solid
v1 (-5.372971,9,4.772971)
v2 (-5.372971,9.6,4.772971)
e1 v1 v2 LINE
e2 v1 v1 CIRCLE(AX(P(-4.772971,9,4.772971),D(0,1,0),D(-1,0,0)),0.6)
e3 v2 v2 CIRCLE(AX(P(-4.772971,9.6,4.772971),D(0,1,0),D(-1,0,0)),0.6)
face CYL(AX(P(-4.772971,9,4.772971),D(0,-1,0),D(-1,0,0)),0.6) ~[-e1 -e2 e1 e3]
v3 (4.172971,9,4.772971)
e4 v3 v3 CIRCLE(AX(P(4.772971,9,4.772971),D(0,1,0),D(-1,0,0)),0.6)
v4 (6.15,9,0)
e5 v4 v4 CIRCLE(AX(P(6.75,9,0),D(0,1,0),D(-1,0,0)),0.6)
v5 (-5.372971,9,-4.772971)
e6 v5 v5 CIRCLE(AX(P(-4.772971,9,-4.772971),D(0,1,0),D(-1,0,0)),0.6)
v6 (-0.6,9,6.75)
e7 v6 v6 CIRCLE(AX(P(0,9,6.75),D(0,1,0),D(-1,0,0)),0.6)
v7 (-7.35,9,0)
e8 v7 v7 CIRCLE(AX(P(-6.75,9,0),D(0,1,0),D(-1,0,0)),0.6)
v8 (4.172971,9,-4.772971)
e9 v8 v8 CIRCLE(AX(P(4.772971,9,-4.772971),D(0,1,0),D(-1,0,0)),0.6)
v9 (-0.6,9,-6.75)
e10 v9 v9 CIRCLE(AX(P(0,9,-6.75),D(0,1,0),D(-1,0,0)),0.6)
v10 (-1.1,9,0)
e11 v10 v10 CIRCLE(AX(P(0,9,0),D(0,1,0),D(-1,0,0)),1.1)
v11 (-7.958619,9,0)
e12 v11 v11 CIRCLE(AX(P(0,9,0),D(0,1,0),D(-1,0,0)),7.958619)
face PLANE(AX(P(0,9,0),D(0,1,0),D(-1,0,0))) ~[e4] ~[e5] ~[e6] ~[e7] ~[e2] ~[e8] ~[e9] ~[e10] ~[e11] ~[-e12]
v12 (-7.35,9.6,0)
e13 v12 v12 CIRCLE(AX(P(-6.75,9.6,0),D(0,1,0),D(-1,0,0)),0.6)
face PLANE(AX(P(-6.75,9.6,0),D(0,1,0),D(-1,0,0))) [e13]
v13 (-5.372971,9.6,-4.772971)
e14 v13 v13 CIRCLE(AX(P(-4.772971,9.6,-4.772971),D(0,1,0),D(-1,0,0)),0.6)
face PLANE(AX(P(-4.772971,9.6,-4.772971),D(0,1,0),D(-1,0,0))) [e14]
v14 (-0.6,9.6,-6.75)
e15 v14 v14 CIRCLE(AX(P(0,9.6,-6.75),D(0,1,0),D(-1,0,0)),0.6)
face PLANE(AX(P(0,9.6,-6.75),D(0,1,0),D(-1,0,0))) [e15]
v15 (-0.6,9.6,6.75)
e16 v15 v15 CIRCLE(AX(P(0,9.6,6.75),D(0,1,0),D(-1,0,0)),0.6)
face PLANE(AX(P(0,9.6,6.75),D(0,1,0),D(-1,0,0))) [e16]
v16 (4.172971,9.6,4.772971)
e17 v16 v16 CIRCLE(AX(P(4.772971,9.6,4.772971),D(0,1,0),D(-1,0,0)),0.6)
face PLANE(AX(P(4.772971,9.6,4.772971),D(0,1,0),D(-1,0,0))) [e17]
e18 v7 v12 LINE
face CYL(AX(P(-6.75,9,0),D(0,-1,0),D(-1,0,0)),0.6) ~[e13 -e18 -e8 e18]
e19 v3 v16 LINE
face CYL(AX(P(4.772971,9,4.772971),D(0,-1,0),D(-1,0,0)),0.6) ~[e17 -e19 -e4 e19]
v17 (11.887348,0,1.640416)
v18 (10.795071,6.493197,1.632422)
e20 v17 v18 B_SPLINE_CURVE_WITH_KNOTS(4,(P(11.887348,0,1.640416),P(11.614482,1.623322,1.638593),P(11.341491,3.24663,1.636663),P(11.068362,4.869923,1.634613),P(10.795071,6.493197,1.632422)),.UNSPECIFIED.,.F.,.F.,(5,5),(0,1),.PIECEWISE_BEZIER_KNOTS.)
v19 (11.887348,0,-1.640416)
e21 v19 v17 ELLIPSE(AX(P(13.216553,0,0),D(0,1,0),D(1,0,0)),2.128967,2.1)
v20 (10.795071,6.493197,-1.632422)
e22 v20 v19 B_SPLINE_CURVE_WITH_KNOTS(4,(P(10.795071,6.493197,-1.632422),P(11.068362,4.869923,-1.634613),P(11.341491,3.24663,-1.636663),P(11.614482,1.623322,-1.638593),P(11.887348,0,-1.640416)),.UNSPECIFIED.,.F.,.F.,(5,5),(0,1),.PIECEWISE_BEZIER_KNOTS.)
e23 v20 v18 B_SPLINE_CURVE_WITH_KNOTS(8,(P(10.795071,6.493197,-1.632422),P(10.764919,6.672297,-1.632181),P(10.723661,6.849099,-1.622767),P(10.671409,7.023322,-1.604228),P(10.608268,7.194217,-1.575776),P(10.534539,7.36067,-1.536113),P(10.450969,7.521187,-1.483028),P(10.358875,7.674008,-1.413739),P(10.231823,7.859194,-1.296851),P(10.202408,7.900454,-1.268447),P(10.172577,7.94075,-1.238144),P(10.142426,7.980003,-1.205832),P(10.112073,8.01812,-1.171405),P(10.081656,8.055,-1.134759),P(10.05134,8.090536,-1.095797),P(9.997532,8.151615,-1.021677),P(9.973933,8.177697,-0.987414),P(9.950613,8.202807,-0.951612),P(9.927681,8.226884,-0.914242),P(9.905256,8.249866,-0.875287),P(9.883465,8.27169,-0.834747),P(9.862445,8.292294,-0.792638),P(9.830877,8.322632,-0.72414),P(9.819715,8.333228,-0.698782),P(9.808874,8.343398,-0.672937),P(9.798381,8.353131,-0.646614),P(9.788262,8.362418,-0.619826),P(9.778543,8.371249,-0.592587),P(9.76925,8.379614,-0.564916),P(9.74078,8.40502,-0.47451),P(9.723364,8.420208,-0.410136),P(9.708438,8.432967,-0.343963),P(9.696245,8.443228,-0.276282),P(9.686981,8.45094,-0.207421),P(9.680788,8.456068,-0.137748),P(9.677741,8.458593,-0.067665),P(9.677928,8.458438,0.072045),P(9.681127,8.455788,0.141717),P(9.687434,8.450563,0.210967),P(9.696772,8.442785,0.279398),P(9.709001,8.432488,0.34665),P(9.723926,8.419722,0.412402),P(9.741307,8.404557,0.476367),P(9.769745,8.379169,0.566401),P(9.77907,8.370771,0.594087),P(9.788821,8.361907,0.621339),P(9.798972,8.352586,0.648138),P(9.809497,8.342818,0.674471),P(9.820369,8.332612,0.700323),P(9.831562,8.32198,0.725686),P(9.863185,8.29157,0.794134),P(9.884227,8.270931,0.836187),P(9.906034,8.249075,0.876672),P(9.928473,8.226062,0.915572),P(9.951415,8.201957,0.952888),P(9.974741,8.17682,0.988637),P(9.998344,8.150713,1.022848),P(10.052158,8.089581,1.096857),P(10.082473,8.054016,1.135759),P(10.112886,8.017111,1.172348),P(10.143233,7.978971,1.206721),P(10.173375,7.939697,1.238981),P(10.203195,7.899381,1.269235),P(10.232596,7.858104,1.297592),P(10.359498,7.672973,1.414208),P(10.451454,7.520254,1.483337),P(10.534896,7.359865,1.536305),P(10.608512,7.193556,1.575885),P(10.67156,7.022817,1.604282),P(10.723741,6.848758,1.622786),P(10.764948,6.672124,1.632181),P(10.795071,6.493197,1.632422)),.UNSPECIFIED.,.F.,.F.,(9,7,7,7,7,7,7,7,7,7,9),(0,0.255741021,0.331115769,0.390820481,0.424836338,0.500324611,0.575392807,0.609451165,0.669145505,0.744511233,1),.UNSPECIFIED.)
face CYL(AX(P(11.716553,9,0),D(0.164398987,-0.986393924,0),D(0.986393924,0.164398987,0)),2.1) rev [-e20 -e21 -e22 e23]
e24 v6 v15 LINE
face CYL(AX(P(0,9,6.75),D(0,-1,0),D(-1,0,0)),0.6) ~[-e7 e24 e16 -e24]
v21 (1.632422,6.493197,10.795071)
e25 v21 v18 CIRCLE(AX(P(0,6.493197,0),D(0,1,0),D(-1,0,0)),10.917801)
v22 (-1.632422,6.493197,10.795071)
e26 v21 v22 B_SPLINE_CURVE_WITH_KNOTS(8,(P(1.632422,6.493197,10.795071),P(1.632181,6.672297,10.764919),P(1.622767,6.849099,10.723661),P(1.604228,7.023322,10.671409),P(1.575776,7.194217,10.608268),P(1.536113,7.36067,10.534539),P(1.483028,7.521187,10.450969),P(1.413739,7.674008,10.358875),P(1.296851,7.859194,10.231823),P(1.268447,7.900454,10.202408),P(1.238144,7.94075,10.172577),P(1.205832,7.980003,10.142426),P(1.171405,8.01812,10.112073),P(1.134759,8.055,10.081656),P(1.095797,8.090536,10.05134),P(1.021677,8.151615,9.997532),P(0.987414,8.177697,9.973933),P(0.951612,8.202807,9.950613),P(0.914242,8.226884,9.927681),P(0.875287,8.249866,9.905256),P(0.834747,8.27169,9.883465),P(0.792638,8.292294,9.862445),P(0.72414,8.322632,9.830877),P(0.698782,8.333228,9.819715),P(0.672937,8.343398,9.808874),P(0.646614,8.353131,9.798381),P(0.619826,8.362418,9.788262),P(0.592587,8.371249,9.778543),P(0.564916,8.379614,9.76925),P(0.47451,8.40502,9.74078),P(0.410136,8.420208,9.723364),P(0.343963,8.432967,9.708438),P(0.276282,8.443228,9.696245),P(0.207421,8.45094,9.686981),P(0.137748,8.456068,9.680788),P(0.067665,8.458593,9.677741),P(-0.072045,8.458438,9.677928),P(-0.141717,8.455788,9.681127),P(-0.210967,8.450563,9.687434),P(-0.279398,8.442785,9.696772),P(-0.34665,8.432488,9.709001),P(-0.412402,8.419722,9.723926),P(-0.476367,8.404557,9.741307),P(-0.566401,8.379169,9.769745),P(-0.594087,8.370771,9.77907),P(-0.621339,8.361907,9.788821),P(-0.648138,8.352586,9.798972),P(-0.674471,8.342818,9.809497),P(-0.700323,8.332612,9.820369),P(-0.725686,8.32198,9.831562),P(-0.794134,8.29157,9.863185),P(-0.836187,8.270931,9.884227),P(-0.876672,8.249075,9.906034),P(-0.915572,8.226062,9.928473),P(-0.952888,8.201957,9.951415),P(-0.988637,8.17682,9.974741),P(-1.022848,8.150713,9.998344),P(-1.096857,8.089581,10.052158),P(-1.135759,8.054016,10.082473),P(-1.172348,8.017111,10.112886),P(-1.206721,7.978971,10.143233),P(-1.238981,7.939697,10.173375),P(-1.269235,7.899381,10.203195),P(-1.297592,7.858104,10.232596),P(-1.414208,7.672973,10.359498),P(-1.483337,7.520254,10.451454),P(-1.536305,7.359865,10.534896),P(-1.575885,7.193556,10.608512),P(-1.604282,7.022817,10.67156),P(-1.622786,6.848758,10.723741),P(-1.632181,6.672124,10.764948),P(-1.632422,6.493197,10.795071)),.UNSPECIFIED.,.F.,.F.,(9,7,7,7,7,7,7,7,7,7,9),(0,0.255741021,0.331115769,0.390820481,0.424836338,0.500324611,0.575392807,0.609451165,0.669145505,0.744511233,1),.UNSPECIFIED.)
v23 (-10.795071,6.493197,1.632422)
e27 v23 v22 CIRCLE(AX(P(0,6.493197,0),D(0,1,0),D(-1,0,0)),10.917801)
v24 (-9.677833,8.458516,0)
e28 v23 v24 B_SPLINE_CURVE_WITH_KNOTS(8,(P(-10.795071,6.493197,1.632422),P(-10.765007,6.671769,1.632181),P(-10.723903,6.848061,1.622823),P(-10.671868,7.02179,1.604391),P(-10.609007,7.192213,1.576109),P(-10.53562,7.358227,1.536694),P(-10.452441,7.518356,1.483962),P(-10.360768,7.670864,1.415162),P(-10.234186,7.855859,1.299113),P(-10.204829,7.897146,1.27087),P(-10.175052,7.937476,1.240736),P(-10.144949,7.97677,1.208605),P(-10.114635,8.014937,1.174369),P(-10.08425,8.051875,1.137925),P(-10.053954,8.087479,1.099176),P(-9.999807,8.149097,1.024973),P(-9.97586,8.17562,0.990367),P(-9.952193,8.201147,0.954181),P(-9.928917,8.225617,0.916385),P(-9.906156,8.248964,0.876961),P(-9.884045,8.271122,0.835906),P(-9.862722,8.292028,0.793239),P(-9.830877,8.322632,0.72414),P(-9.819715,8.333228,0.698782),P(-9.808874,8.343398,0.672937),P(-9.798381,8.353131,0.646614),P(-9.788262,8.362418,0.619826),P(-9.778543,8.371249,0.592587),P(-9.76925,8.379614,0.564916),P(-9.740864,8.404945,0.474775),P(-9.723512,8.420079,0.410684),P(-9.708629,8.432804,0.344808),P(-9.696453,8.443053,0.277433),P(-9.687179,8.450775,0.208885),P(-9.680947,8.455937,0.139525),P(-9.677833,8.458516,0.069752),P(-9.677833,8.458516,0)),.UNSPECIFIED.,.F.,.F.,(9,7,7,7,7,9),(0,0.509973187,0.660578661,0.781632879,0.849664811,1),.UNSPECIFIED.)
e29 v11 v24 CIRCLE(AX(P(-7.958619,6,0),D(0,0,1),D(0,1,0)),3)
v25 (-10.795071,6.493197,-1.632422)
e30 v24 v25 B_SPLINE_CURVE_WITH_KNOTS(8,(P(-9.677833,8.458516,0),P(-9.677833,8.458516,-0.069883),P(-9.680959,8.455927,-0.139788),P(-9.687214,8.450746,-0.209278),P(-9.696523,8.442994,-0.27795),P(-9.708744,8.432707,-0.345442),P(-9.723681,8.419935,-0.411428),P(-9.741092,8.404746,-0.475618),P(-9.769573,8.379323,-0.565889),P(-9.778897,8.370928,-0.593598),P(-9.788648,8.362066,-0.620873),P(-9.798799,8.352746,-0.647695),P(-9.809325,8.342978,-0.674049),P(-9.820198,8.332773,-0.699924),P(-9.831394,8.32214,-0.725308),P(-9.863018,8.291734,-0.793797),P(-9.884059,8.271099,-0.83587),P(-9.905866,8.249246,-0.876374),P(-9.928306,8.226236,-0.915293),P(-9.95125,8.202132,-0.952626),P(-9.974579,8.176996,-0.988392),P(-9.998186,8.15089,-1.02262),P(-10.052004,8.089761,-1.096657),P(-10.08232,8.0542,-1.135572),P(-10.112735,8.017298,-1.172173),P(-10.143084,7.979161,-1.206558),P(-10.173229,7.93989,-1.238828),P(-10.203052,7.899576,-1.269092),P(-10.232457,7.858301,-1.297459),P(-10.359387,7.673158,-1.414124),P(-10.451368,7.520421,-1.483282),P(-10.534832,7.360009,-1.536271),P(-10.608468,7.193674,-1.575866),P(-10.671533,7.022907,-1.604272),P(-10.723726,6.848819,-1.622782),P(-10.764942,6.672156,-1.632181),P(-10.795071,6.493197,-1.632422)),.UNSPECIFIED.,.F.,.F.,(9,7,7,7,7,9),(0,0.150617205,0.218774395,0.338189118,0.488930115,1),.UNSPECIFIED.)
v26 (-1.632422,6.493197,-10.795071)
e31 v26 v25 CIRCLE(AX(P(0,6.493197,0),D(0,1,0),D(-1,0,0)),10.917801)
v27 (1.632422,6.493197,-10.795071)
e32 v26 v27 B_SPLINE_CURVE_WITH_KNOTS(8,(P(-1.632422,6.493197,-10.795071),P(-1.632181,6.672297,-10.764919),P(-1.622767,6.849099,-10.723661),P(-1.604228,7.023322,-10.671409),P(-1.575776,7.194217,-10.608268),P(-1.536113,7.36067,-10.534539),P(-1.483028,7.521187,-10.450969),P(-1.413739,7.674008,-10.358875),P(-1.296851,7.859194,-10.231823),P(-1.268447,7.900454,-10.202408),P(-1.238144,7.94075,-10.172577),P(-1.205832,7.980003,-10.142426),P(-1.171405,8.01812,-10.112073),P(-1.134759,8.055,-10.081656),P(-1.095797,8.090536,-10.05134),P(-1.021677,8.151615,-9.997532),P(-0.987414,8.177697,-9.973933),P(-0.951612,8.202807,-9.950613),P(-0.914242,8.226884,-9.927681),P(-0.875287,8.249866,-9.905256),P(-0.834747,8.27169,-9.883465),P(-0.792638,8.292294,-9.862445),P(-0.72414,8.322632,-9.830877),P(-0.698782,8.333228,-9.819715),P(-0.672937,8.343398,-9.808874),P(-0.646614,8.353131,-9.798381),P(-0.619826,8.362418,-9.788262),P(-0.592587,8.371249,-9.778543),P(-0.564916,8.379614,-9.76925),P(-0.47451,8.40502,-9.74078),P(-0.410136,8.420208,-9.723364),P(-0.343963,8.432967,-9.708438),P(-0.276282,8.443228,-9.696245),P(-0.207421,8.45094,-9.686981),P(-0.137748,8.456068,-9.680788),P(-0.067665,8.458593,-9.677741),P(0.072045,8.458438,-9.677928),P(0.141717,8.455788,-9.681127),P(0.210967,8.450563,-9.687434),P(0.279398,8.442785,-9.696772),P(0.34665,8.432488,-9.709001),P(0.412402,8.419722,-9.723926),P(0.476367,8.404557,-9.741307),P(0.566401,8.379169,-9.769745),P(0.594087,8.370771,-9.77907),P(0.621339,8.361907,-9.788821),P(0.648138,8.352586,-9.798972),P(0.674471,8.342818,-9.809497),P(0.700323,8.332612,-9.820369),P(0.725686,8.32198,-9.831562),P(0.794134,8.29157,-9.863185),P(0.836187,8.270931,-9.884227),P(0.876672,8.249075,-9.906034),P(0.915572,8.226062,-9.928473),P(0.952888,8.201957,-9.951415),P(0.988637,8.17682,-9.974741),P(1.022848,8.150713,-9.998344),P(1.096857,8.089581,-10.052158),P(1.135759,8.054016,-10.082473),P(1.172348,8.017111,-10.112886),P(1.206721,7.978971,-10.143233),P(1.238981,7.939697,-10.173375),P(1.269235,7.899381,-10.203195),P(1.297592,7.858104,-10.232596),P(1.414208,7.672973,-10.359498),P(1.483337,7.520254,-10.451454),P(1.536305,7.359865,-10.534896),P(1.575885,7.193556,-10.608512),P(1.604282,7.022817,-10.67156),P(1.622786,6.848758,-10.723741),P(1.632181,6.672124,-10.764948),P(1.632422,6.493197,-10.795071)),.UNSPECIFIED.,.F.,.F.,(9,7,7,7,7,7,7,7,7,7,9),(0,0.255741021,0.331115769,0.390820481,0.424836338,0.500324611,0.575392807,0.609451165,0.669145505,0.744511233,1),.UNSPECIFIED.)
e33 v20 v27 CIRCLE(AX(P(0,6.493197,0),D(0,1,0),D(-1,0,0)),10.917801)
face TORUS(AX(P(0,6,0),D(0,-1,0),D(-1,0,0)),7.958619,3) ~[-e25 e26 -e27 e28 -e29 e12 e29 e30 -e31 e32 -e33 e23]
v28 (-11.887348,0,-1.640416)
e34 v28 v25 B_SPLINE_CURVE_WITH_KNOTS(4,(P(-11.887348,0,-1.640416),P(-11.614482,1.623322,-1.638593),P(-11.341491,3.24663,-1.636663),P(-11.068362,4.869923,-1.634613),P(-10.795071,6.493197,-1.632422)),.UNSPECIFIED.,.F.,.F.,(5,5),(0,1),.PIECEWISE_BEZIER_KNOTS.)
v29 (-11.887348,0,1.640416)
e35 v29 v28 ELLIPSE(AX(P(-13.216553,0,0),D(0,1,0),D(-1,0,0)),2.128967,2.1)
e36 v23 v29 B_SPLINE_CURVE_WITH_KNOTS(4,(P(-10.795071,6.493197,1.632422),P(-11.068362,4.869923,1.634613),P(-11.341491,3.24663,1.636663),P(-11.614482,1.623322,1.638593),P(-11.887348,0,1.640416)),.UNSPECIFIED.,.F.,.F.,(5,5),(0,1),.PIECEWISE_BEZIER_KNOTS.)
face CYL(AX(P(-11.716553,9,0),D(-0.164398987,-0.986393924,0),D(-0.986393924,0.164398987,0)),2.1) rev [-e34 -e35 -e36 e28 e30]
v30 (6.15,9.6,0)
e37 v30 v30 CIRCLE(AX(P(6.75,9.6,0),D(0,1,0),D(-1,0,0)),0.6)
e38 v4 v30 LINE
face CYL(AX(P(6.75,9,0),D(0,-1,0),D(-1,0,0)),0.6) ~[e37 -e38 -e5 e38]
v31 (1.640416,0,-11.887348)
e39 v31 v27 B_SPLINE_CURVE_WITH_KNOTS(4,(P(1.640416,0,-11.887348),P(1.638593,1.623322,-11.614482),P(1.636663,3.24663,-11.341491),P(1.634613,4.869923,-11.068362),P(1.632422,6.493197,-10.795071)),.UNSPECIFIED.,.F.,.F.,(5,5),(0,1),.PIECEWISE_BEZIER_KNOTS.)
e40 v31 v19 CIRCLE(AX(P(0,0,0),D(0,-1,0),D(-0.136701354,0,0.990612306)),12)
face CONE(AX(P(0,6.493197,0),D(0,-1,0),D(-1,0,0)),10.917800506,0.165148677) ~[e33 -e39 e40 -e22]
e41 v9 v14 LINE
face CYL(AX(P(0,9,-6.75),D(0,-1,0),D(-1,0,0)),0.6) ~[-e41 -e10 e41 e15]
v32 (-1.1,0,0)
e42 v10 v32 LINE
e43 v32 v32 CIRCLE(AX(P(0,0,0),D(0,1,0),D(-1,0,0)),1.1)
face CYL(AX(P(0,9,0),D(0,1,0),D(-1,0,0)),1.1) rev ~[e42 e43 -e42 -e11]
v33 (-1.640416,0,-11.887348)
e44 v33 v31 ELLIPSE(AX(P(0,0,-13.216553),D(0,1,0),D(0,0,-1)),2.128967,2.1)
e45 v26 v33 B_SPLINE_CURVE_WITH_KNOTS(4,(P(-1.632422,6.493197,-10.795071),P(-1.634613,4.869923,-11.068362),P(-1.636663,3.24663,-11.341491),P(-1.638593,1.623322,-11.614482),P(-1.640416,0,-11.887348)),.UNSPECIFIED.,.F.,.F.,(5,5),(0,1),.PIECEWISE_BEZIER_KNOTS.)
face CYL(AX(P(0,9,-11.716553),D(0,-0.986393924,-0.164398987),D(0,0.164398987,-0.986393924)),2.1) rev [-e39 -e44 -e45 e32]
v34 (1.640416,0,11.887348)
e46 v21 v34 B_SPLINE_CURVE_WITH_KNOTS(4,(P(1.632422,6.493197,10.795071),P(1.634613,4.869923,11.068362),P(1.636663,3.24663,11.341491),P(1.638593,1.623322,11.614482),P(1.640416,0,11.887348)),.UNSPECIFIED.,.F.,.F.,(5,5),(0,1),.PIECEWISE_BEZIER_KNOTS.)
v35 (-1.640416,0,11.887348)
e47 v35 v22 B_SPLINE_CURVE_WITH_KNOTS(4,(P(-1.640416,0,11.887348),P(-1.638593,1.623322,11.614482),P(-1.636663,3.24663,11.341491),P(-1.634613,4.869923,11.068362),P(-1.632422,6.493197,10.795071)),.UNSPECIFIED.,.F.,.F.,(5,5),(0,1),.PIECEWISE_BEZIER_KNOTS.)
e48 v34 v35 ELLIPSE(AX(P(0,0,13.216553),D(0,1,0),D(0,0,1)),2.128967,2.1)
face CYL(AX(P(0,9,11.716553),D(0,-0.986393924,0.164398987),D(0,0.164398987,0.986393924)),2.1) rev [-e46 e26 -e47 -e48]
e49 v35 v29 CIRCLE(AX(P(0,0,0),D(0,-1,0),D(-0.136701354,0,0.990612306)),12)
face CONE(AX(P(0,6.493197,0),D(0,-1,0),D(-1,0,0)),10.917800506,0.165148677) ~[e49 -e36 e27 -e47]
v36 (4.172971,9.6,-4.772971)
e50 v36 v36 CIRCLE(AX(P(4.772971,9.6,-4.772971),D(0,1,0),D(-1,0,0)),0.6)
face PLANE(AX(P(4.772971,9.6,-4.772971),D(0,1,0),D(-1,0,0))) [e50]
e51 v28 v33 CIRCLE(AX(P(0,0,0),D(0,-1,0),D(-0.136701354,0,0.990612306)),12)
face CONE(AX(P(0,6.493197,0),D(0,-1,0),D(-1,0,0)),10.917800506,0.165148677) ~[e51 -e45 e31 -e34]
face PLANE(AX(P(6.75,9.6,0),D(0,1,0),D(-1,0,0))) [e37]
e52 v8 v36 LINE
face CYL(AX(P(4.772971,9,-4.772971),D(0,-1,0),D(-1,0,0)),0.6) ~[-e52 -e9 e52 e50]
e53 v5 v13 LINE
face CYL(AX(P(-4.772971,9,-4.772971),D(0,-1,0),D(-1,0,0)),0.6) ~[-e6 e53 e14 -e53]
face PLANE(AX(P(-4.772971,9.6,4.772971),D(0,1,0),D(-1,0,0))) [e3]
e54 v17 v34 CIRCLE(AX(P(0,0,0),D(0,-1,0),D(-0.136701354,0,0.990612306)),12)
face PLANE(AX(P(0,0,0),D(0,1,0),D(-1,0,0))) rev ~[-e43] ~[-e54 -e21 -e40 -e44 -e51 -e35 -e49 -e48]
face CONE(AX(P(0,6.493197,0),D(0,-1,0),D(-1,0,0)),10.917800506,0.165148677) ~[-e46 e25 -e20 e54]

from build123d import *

# Parameters (mm, degrees)
F3_R      = 0.6
F4_DEPTH  = 0.6
F7_COUNT  = 4
F9_R      = 1.1
F10_DEPTH = 9.0010001


with BuildPart() as f2:
    # F1 (on Top) → F2 (revolve)
    with BuildSketch(Plane.XY):
        with BuildLine():
            Line((-12, 0), (0, 0))
            Line((0, 0), (0, 9))
            Line((0, 9), (-7.9586187349, 9))
            ThreePointArc((-7.9586187349, 9), (-9.8977434232, 8.2890599474), (-10.9178005063, 6.4931969619))
            Line((-10.9178005063, 6.4931969619), (-12, 0))
        make_face()
    revolve(axis=Axis((0, 13.4025972581, 0), (0, 1, 0)))

    # F3 (on face) → F4 (join)
    with BuildSketch(Plane(origin=(0, 9, 0), x_dir=(-1, 0, 0), z_dir=(0, 1, 0))):
        with Locations((0, 6.75)):
            Circle(F3_R)
        with Locations((6.75, 0)):
            Circle(F3_R)
        with Locations((0, -6.75)):
            Circle(F3_R)
        with Locations((-6.75, 0)):
            Circle(F3_R)
        with Locations((-4.772970773, 4.772970773)):
            Circle(F3_R)
        with Locations((4.772970773, 4.772970773)):
            Circle(F3_R)
        with Locations((4.772970773, -4.772970773)):
            Circle(F3_R)
        with Locations((-4.772970773, -4.772970773)):
            Circle(F3_R)
    extrude(amount=F4_DEPTH)


with BuildPart() as f6:
    # F5 (on Right) → F6 (revolve)
    with BuildSketch(Plane.YZ):
        Polygon((0.3452378733, 15.2879797461), (0, 13.2165525061), (9, 11.7165525061), (9.3452378733, 13.7879797461), align=None)
    revolve(axis=Axis((0, 6.2346005905, 12.1774524076), (0, 0.9863939238, -0.1643989873)))


with BuildPart() as f7_1:
    # F7: instance of F6
    add(f6.part.rotate(Axis((0, 0, 0), (0, 1, 0)), 1 * 360 / F7_COUNT))


with BuildPart() as f7_2:
    # F7: instance of F6
    add(f6.part.rotate(Axis((0, 0, 0), (0, 1, 0)), 2 * 360 / F7_COUNT))


with BuildPart() as f7_3:
    # F7: instance of F6
    add(f6.part.rotate(Axis((0, 0, 0), (0, 1, 0)), 3 * 360 / F7_COUNT))


with BuildPart() as f2_1:
    add(f2.part)

    # F8: cut F6, F7_1, F7_2, F7_3
    add(f6.part, mode=Mode.SUBTRACT)
    add(f7_1.part, mode=Mode.SUBTRACT)
    add(f7_2.part, mode=Mode.SUBTRACT)
    add(f7_3.part, mode=Mode.SUBTRACT)

    # F9 (on face) → F10 (cut, through all)
    with BuildSketch(Plane(origin=(0, 9, 0), x_dir=(-1, 0, 0), z_dir=(0, 1, 0))):
        Circle(F9_R)
    extrude(amount=-F10_DEPTH, mode=Mode.SUBTRACT)


solid = f2_1.part
